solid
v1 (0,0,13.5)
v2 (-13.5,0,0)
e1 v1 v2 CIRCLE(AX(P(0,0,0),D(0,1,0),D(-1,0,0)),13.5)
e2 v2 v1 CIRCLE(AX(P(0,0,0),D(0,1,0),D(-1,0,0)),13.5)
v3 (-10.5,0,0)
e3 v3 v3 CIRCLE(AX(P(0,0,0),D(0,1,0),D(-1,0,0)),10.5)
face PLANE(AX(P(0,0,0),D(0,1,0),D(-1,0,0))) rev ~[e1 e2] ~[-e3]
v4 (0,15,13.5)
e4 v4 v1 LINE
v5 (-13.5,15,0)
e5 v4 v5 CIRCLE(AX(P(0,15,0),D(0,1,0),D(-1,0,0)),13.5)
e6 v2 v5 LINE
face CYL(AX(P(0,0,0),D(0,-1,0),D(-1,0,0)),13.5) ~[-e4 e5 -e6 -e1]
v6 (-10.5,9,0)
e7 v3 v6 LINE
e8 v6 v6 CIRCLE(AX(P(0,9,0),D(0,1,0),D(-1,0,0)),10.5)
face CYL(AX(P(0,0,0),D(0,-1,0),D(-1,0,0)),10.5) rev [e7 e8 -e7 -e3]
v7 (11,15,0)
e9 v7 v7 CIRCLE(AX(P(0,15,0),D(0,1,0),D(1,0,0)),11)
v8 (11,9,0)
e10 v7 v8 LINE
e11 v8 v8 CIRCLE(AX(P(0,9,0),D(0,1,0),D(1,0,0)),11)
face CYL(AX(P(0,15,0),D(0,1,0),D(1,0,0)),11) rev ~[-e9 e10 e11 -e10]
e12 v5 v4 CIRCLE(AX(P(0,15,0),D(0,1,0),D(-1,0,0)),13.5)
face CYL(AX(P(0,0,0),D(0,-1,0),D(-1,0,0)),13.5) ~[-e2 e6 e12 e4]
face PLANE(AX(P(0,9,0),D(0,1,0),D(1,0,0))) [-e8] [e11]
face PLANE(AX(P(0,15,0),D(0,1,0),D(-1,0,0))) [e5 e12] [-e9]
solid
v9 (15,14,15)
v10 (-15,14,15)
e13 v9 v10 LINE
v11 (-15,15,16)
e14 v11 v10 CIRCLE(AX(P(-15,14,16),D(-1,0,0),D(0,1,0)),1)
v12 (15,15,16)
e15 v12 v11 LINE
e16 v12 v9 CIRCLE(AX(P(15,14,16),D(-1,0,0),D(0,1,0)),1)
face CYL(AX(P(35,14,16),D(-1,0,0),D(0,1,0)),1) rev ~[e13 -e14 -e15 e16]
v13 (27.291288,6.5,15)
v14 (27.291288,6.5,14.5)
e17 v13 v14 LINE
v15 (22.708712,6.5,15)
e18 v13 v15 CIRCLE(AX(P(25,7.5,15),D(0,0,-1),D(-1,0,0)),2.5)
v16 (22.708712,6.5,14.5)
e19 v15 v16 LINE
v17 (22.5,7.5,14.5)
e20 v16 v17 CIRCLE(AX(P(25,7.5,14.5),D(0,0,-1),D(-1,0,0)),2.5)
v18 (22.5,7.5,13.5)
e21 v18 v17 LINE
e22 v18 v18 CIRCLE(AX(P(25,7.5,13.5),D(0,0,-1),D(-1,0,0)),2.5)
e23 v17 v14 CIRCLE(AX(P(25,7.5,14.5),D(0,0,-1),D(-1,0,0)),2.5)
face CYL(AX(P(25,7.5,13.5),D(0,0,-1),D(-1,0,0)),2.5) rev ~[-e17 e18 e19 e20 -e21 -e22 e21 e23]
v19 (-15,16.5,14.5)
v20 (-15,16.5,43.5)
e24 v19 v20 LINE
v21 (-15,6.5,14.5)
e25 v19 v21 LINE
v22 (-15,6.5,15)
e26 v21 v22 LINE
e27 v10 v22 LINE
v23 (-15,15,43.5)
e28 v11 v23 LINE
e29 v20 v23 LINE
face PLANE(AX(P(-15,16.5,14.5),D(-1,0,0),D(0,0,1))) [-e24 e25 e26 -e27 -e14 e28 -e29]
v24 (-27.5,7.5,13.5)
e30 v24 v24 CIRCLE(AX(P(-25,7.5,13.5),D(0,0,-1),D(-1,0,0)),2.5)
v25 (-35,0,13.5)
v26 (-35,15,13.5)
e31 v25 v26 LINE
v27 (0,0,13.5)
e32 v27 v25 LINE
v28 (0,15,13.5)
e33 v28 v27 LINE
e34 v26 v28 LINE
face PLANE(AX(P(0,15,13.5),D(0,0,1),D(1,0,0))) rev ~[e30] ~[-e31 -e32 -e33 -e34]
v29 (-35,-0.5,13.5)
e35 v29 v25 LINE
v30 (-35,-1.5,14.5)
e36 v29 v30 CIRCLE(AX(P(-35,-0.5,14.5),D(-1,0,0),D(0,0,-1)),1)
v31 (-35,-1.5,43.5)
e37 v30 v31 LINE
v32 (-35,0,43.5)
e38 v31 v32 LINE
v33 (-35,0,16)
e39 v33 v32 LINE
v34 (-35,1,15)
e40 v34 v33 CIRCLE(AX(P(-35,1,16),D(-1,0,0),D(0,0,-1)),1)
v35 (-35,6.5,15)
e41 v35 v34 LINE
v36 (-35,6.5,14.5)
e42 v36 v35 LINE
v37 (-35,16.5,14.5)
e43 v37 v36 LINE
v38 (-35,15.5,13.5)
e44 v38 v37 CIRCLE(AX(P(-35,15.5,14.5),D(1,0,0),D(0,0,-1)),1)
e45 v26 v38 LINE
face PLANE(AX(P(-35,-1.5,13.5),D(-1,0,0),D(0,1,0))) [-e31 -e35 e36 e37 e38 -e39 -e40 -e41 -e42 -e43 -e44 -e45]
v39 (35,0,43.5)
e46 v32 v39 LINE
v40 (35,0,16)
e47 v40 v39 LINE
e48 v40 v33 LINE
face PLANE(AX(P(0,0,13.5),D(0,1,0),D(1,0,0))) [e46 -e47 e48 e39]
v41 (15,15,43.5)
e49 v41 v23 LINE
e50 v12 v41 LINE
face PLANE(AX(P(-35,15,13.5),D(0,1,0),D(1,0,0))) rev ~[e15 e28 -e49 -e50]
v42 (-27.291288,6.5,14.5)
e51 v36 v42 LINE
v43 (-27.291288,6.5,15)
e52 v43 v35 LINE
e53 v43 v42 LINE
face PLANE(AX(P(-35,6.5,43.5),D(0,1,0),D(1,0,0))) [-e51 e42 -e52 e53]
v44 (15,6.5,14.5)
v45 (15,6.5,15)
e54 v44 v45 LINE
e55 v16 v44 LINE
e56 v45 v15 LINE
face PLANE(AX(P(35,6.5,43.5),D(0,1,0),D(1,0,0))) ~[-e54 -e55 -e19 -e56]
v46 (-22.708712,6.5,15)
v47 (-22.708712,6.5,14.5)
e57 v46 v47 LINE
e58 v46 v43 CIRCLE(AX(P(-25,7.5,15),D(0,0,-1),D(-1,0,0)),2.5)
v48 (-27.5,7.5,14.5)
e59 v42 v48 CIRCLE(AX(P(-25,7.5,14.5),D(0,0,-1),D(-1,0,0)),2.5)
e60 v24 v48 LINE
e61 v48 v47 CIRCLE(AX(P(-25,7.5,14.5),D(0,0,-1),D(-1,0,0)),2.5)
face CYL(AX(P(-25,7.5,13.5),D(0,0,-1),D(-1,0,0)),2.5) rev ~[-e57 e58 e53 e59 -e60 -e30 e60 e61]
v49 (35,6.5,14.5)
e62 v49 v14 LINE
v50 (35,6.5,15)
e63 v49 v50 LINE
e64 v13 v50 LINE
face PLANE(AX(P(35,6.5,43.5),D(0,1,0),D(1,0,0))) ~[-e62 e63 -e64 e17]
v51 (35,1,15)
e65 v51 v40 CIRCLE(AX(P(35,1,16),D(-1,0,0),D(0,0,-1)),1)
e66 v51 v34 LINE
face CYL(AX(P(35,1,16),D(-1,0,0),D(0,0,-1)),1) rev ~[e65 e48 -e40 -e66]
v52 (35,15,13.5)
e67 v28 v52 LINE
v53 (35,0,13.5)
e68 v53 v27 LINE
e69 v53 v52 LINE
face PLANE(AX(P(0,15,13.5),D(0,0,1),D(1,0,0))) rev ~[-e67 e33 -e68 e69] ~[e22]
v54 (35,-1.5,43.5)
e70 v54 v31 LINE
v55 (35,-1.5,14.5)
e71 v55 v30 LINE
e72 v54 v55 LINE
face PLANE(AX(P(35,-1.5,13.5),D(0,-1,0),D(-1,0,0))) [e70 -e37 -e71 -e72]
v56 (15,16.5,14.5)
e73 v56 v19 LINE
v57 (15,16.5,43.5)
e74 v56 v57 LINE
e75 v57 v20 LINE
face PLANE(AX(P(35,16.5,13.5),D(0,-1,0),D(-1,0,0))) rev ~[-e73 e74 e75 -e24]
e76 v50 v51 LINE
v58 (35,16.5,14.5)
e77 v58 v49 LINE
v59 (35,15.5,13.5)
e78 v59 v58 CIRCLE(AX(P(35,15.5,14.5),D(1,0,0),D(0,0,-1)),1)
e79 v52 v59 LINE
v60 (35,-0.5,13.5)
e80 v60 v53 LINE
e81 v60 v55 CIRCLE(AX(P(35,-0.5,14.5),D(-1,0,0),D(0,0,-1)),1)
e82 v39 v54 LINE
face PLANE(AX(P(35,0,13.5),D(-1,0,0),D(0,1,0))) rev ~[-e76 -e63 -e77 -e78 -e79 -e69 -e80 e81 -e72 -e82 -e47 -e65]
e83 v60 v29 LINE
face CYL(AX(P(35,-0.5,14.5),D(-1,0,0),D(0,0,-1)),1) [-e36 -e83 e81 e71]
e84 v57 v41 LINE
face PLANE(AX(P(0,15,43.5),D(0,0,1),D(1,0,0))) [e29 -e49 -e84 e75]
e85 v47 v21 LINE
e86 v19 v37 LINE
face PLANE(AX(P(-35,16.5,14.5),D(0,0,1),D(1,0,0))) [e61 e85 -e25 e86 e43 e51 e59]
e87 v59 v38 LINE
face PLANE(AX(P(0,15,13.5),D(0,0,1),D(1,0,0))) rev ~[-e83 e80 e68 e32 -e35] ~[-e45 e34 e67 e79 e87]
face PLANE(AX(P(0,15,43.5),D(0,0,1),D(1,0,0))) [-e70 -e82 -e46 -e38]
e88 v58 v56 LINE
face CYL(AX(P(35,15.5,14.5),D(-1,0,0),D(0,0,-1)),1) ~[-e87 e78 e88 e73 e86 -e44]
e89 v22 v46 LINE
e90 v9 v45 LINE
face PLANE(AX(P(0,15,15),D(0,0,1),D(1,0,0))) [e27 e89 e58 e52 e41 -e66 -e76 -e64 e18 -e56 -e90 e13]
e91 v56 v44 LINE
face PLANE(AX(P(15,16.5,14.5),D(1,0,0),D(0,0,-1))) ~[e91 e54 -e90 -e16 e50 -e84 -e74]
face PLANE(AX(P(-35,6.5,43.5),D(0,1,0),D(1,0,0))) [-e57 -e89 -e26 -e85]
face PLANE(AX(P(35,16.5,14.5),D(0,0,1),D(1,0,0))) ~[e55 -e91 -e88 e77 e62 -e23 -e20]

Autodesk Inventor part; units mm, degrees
ref_plane "YZ Plane" through (0, 0, 0) normal (1, 0, 0) x (0, 1, 0)
ref_plane "XZ Plane" through (0, 0, 0) normal (0, 1, 0) x (-1, 0, 0)
ref_plane "XY Plane" through (0, 0, 0) normal (0, 0, 1) x (1, 0, 0)
sketch "Sketch1" plane through (0, 0, 0) normal (0, 1, 0) x (-1, 0, 0)
  circle A0 centre (0, 0) radius 10.5
  circle A1 centre (0, 0) radius 13.5
  dimension "d0" = 21
  dimension "d1" = 3
extrude "Extrusion1" add sketch "Sketch1" along normal blind 15
sketch "Sketch2" plane through (0, 15, 0) normal (0, 1, 0) x (1, 0, 0)
  circle A0 centre (0, 0) radius 11
  circle A1 centre (0, 0) radius 10.5
  dimension "d4" = 22
  dimension "d5" = 21
extrude "Extrusion2" cut sketch "Sketch2" against normal blind 6
sketch "Sketch3" plane through (0, 15, 0) normal (0, 1, 0) x (1, 0, 0)
  line L0 (0, 0) -> (0, -13.5)
  circle A0 centre (0, 0) radius 13.5 projected
ref_plane "Work Plane1" through (0, 15, 13.5) normal (0, 0, 1) x (1, 0, 0)
sketch "Sketch4" plane through (0, 15, 13.5) normal (0, 0, 1) x (1, 0, 0)
  line L0 (0, -15) -> (35, -15)
  line L1 (35, -15) -> (35, 0)
  line L2 (35, 0) -> (0, 0)
  line L3 (0, 0) -> (0, -15)
  line L4 (0, -15) -> (-35, -15)
  line L5 (-35, -15) -> (-35, 0)
  line L6 (-35, 0) -> (0, 0)
  line L7 (0, 0) -> (0, -15)
  line L8 (-35, 0) -> (35, 0)
  line L9 (35, 0) -> (35, 1.5)
  line L10 (35, 1.5) -> (-35, 1.5)
  line L11 (-35, 1.5) -> (-35, 0)
  line L12 (-35, -15) -> (35, -15)
  line L13 (35, -15) -> (35, -16.5)
  line L14 (35, -16.5) -> (-35, -16.5)
  line L15 (-35, -16.5) -> (-35, -15)
  dimension "d8" = 35
  dimension "d9" = 35
  dimension "d10" = 1.5
  dimension "d11" = 1.5
extrude "Extrusion3" add sketch "Sketch4" along normal blind 1.5
extrude "Extrusion4" add sketch "Sketch4" along normal blind 30 contours L0 L13 L14 L15 L4 | L6 L11 L10 L9 L2
fillet "Fillet1" radius 1 4 edges at (0, 15, 15) (0, 0, 15) (0, -1.5, 13.5) (0, 16.5, 13.5)
sketch "Sketch5" plane through (-35, 16.5, 43.5) normal (0, 1, 0) x (1, 0, 0)
  line L0 (0, 29) -> (0, 0) projected
  line L1 (70, 0) -> (0, 0) projected
  line L2 (0, 29) -> (20, 29)
  line L3 (20, 29) -> (20, 0)
  line L4 (20, 0) -> (0, 0)
  line L5 (0, 0) -> (0, 29)
  point P0 (35, 43.5)
  point P1 (70, 28.5)
  dimension "d28" = 20
  dimension "d29" = 29
extrude "Extrusion5" cut sketch "Sketch5" against normal blind 10
sketch "Sketch6" plane through (0, 15, 13.5) normal (0, 0, -1) x (-1, 0, 0)
  circle A0 centre (-25, -7.5) radius 2.5
  circle A1 centre (25, -7.5) radius 2.5
  line L0 (-35, -15.5) -> (-35, 0.5) projected
  line L1 (35, 0.5) -> (35, -15.5) projected
  line L2 (-35, 0) -> (35, 0) projected
  point P0 (0, -15)
  point P1 (-15, 0)
  dimension "d20" = 5
  dimension "d21" = 5
  dimension "d22" = 10
  dimension "d23" = 10
  dimension "d24" = 7.5
extrude "Extrusion6" cut sketch "Sketch6" against normal blind 10
ref_plane "Work Plane2" through (0, 15, 0) normal (1, 0, 0) x (0, 0, 1)
mirror "Mirror1" about plane through (0, 15, 0) normal (1, 0, 0) of "Extrusion5"
equation "\"d11\" = d10"
properties part number "KisCsapagyHaz"
